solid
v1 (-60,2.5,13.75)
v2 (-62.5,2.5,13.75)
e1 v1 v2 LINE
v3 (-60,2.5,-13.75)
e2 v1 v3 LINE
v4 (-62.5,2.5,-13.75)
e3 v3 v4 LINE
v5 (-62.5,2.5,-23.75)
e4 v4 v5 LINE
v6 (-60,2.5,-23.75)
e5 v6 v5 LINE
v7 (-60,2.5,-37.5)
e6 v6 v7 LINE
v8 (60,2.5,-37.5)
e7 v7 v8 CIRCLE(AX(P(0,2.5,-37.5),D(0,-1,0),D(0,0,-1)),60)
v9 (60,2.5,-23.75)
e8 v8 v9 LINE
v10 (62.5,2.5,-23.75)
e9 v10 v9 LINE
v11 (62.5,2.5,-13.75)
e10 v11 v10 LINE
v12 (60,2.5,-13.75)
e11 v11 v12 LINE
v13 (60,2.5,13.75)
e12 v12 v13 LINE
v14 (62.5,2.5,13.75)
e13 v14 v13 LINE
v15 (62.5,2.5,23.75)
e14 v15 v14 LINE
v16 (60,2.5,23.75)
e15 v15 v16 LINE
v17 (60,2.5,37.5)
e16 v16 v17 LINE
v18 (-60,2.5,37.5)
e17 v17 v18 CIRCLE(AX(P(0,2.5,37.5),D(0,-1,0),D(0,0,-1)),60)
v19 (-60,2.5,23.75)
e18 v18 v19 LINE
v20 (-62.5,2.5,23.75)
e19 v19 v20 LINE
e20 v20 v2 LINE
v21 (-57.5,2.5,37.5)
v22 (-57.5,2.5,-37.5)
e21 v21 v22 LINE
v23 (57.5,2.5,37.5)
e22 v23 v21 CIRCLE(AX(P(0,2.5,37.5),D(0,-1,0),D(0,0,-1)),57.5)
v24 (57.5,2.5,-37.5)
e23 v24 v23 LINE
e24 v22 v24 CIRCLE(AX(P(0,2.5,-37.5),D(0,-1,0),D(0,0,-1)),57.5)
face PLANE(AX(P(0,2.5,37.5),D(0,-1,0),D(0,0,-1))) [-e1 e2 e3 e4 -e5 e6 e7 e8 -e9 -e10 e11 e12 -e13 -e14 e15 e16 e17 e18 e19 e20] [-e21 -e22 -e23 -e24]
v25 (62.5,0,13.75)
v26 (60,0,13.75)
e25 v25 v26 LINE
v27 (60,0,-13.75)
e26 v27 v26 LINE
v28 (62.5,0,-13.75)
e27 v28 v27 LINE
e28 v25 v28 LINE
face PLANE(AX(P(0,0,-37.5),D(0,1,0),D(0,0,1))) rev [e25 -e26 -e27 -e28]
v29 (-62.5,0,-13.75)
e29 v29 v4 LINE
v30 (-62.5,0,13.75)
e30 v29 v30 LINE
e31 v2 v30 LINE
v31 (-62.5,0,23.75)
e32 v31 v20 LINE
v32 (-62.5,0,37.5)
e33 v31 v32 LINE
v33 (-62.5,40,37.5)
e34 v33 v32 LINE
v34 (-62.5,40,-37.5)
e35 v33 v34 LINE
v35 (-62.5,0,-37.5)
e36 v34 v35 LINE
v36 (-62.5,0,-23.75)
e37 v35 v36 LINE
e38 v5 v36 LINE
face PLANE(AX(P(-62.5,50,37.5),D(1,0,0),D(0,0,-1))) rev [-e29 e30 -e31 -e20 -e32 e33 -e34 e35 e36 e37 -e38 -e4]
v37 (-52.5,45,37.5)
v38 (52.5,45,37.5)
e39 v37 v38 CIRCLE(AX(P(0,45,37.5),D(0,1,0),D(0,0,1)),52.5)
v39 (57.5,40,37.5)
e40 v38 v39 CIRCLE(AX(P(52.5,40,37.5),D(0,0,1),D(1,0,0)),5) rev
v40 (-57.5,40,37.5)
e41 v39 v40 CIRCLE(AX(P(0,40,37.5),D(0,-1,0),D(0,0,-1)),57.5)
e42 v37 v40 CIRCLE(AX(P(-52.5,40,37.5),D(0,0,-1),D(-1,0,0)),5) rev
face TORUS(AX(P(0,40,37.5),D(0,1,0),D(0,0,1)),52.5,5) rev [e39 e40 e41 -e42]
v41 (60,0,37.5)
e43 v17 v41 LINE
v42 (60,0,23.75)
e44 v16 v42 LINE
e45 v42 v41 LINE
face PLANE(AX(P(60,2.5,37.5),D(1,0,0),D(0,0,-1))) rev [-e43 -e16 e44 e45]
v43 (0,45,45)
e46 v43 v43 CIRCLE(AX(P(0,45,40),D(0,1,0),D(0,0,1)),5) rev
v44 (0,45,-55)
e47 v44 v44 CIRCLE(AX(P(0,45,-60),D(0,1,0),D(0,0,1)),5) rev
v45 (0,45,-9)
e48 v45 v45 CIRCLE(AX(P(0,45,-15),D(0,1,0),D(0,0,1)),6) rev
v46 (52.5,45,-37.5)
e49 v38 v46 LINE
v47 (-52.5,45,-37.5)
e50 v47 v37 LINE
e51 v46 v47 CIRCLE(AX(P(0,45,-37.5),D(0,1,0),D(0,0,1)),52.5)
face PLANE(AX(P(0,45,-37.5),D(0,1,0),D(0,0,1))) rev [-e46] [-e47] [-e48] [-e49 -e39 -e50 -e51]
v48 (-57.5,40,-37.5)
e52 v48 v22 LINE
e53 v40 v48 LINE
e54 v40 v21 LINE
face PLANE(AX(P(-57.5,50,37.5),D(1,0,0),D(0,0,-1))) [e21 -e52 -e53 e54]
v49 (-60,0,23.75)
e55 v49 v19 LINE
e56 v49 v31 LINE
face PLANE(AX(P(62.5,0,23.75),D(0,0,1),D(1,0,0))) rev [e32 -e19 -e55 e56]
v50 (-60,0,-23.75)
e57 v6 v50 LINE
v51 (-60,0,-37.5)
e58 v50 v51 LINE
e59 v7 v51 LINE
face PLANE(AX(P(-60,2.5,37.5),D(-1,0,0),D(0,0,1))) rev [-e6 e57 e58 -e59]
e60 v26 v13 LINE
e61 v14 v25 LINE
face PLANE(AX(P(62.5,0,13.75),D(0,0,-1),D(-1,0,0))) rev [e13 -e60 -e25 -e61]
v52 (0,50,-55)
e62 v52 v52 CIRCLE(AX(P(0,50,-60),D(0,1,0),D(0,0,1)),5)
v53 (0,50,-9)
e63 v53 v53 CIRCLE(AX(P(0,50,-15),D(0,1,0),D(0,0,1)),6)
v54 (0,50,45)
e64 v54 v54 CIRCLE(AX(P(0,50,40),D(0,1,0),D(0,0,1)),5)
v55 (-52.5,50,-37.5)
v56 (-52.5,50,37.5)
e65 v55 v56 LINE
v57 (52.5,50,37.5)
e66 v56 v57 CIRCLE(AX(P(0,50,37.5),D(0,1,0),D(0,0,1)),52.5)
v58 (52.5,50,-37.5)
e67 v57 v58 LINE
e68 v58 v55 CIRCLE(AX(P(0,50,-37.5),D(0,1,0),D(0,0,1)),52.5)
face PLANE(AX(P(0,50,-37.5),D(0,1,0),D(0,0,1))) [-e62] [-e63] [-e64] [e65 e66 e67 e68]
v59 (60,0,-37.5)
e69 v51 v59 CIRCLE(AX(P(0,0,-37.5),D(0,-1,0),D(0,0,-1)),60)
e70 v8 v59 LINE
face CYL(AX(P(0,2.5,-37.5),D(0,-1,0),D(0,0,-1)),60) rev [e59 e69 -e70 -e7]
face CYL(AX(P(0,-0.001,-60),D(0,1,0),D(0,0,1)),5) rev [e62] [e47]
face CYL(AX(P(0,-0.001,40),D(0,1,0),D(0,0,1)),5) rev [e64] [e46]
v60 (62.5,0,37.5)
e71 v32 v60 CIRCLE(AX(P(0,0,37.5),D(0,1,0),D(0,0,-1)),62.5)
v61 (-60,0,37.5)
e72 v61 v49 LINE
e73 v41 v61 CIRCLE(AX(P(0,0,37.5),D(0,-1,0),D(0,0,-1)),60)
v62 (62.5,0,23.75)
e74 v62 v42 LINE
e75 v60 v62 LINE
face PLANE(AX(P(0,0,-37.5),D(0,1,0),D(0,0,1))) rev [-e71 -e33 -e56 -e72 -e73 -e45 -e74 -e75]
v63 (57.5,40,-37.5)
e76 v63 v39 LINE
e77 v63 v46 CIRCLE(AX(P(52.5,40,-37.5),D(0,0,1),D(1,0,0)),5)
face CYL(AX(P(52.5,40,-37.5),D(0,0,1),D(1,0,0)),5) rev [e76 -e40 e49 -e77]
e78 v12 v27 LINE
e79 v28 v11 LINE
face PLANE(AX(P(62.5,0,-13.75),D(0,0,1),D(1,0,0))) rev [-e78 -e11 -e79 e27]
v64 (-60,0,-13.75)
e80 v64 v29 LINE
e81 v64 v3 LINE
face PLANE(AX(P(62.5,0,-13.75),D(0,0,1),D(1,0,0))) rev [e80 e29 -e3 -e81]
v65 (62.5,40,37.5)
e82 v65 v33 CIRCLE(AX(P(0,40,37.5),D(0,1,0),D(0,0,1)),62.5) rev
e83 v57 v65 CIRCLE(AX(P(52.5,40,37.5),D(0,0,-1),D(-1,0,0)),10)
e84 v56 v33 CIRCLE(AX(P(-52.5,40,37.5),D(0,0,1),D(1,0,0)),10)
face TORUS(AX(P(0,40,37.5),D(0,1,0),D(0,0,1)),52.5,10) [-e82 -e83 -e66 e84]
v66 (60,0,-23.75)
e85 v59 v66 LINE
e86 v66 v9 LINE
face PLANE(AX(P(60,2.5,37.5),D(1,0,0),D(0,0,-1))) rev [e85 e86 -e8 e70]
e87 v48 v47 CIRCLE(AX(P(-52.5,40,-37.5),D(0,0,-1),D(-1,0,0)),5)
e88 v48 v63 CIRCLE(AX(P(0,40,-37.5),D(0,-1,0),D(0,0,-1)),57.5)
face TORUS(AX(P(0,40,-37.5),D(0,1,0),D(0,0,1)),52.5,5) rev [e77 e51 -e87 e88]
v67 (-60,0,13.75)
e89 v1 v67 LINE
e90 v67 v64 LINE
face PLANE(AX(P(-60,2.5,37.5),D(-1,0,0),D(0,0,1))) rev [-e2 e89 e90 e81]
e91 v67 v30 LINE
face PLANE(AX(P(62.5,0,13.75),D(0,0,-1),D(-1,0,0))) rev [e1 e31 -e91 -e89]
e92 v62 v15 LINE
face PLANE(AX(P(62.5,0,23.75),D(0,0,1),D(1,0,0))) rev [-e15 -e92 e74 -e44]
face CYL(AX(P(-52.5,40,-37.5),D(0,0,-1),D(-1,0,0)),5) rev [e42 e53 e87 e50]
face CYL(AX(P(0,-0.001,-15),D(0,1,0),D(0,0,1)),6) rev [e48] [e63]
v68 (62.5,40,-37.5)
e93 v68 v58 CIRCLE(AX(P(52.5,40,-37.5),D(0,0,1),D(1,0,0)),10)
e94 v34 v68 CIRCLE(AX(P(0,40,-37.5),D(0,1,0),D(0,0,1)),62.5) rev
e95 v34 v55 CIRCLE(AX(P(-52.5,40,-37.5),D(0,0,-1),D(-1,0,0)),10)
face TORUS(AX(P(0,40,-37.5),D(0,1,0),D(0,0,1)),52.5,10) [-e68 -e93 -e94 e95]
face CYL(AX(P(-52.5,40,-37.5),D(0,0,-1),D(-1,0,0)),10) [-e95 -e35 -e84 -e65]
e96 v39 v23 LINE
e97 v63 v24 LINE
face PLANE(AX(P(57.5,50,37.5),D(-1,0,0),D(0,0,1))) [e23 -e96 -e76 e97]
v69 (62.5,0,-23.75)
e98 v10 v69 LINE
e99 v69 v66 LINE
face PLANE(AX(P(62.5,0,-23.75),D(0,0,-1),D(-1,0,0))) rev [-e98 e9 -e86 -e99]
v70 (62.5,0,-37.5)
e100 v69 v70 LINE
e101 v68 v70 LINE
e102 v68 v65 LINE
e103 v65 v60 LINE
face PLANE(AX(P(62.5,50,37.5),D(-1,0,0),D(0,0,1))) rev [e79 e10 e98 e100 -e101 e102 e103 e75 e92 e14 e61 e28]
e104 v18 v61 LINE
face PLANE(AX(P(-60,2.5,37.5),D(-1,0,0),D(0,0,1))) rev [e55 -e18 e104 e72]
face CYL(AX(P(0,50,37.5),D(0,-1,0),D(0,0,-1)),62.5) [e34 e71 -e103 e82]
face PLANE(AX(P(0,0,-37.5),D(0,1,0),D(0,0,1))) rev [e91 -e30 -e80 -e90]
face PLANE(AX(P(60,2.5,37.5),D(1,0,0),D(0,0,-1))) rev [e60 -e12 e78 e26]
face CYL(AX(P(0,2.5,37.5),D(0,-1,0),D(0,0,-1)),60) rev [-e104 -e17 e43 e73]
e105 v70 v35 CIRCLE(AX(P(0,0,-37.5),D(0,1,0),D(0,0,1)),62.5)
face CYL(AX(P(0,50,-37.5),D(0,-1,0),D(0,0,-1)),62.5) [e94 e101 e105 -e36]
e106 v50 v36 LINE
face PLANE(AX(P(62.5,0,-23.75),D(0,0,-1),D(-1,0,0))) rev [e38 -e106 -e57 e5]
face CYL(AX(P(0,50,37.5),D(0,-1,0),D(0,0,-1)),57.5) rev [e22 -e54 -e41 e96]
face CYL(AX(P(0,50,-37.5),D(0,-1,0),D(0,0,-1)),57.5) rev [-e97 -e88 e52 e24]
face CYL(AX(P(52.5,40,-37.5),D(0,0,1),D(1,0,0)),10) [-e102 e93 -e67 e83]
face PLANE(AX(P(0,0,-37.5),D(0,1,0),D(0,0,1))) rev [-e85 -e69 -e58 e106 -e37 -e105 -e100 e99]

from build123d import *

# Parameters (mm, degrees)
BOSS_EXTRUDE1_DEPTH = 50
FILLET1_R           = 10
SHELL1_T            = -5
CUT_EXTRUDE2_DEPTH  = 2.5
SKETCH5_W           = 10
SKETCH5_H           = 2.5
CUT_EXTRUDE3_DEPTH  = 168.705098402
CUT_EXTRUDE4_REACH  = 130.087
SKETCH6_R           = 5
SKETCH6_R_2         = 6


with BuildPart() as part:
    # Sketch3 → Boss-Extrude1 (new body)
    with BuildSketch(Plane(origin=(0, 0, 0), x_dir=(1, 0, 0), z_dir=(0, 1, 0))):
        with BuildLine():
            Line((-62.5, -37.5), (-62.5, 37.5))
            ThreePointArc((-62.5, 37.5), (0, 100), (62.5, 37.5))
            Line((62.5, 37.5), (62.5, -37.5))
            ThreePointArc((62.5, -37.5), (0, -100), (-62.5, -37.5))
        make_face()
    extrude(amount=BOSS_EXTRUDE1_DEPTH)

    # Fillet1
    fillet1_edges = [part.edges().sort_by_distance(p)[0] for p in [
        (0, 50, 100),
        (62.5, 50, 0),
        (0, 50, -100),
        (-62.5, 50, 0),
    ]]
    fillet(fillet1_edges, radius=FILLET1_R)

    # Shell1
    shell1_openings = [part.faces().sort_by_distance(p)[0] for p in [
        (0, 0, 0),
    ]]
    offset(amount=SHELL1_T, openings=shell1_openings, kind=Kind.INTERSECTION)

    # Sketch4 → Cut-Extrude2 (cut)
    with BuildSketch(Plane.XZ):
        with BuildLine():
            Line((-60, 37.5), (-60, -37.5))
            ThreePointArc((-60, -37.5), (0, -97.5), (60, -37.5))
            Line((60, -37.5), (60, 37.5))
            ThreePointArc((60, 37.5), (0, 97.5), (-60, 37.5))
        make_face()
    extrude(amount=-CUT_EXTRUDE2_DEPTH, mode=Mode.SUBTRACT)

    # Sketch5 → Cut-Extrude3 (cut, through all)
    with BuildSketch(Plane.ZY.offset(62.5)):
        with Locations((-18.75, 1.25)):
            Rectangle(SKETCH5_W, SKETCH5_H)
        with Locations((18.75, 1.25)):
            Rectangle(SKETCH5_W, SKETCH5_H)
    extrude(amount=-CUT_EXTRUDE3_DEPTH, mode=Mode.SUBTRACT)

    # Sketch6 → Cut-Extrude4 (cut, up to next)
    with BuildSketch(Plane(origin=(0, 50, 0), x_dir=(1, 0, 0), z_dir=(0, 1, 0)), mode=Mode.PRIVATE) as cut_extrude4_sk1:
        with Locations(Location((0, 60, 0), (0, 0, 270))):
            Circle(SKETCH6_R)
    cut_extrude4_tool1 = extrude(cut_extrude4_sk1.sketch, amount=-CUT_EXTRUDE4_REACH, mode=Mode.PRIVATE) & part.part
    # Sketch6 → Cut-Extrude4 (cut, up to next)
    with BuildSketch(Plane(origin=(0, 50, 0), x_dir=(1, 0, 0), z_dir=(0, 1, 0)), mode=Mode.PRIVATE) as cut_extrude4_sk2:
        with Locations(Location((0, 15, 0), (0, 0, 270))):
            Circle(SKETCH6_R_2)
    cut_extrude4_tool2 = extrude(cut_extrude4_sk2.sketch, amount=-CUT_EXTRUDE4_REACH, mode=Mode.PRIVATE) & part.part
    # Sketch6 → Cut-Extrude4 (cut, up to next)
    with BuildSketch(Plane(origin=(0, 50, 0), x_dir=(1, 0, 0), z_dir=(0, 1, 0)), mode=Mode.PRIVATE) as cut_extrude4_sk3:
        with Locations(Location((0, -40, 0), (0, 0, 270))):
            Circle(SKETCH6_R)
    cut_extrude4_tool3 = extrude(cut_extrude4_sk3.sketch, amount=-CUT_EXTRUDE4_REACH, mode=Mode.PRIVATE) & part.part
    add(cut_extrude4_tool1.solids().sort_by_distance((0, 50, -60))[0], mode=Mode.SUBTRACT)
    add(cut_extrude4_tool2.solids().sort_by_distance((0, 50, -15))[0], mode=Mode.SUBTRACT)
    add(cut_extrude4_tool3.solids().sort_by_distance((0, 50, 40))[0], mode=Mode.SUBTRACT)


solid = part.part
